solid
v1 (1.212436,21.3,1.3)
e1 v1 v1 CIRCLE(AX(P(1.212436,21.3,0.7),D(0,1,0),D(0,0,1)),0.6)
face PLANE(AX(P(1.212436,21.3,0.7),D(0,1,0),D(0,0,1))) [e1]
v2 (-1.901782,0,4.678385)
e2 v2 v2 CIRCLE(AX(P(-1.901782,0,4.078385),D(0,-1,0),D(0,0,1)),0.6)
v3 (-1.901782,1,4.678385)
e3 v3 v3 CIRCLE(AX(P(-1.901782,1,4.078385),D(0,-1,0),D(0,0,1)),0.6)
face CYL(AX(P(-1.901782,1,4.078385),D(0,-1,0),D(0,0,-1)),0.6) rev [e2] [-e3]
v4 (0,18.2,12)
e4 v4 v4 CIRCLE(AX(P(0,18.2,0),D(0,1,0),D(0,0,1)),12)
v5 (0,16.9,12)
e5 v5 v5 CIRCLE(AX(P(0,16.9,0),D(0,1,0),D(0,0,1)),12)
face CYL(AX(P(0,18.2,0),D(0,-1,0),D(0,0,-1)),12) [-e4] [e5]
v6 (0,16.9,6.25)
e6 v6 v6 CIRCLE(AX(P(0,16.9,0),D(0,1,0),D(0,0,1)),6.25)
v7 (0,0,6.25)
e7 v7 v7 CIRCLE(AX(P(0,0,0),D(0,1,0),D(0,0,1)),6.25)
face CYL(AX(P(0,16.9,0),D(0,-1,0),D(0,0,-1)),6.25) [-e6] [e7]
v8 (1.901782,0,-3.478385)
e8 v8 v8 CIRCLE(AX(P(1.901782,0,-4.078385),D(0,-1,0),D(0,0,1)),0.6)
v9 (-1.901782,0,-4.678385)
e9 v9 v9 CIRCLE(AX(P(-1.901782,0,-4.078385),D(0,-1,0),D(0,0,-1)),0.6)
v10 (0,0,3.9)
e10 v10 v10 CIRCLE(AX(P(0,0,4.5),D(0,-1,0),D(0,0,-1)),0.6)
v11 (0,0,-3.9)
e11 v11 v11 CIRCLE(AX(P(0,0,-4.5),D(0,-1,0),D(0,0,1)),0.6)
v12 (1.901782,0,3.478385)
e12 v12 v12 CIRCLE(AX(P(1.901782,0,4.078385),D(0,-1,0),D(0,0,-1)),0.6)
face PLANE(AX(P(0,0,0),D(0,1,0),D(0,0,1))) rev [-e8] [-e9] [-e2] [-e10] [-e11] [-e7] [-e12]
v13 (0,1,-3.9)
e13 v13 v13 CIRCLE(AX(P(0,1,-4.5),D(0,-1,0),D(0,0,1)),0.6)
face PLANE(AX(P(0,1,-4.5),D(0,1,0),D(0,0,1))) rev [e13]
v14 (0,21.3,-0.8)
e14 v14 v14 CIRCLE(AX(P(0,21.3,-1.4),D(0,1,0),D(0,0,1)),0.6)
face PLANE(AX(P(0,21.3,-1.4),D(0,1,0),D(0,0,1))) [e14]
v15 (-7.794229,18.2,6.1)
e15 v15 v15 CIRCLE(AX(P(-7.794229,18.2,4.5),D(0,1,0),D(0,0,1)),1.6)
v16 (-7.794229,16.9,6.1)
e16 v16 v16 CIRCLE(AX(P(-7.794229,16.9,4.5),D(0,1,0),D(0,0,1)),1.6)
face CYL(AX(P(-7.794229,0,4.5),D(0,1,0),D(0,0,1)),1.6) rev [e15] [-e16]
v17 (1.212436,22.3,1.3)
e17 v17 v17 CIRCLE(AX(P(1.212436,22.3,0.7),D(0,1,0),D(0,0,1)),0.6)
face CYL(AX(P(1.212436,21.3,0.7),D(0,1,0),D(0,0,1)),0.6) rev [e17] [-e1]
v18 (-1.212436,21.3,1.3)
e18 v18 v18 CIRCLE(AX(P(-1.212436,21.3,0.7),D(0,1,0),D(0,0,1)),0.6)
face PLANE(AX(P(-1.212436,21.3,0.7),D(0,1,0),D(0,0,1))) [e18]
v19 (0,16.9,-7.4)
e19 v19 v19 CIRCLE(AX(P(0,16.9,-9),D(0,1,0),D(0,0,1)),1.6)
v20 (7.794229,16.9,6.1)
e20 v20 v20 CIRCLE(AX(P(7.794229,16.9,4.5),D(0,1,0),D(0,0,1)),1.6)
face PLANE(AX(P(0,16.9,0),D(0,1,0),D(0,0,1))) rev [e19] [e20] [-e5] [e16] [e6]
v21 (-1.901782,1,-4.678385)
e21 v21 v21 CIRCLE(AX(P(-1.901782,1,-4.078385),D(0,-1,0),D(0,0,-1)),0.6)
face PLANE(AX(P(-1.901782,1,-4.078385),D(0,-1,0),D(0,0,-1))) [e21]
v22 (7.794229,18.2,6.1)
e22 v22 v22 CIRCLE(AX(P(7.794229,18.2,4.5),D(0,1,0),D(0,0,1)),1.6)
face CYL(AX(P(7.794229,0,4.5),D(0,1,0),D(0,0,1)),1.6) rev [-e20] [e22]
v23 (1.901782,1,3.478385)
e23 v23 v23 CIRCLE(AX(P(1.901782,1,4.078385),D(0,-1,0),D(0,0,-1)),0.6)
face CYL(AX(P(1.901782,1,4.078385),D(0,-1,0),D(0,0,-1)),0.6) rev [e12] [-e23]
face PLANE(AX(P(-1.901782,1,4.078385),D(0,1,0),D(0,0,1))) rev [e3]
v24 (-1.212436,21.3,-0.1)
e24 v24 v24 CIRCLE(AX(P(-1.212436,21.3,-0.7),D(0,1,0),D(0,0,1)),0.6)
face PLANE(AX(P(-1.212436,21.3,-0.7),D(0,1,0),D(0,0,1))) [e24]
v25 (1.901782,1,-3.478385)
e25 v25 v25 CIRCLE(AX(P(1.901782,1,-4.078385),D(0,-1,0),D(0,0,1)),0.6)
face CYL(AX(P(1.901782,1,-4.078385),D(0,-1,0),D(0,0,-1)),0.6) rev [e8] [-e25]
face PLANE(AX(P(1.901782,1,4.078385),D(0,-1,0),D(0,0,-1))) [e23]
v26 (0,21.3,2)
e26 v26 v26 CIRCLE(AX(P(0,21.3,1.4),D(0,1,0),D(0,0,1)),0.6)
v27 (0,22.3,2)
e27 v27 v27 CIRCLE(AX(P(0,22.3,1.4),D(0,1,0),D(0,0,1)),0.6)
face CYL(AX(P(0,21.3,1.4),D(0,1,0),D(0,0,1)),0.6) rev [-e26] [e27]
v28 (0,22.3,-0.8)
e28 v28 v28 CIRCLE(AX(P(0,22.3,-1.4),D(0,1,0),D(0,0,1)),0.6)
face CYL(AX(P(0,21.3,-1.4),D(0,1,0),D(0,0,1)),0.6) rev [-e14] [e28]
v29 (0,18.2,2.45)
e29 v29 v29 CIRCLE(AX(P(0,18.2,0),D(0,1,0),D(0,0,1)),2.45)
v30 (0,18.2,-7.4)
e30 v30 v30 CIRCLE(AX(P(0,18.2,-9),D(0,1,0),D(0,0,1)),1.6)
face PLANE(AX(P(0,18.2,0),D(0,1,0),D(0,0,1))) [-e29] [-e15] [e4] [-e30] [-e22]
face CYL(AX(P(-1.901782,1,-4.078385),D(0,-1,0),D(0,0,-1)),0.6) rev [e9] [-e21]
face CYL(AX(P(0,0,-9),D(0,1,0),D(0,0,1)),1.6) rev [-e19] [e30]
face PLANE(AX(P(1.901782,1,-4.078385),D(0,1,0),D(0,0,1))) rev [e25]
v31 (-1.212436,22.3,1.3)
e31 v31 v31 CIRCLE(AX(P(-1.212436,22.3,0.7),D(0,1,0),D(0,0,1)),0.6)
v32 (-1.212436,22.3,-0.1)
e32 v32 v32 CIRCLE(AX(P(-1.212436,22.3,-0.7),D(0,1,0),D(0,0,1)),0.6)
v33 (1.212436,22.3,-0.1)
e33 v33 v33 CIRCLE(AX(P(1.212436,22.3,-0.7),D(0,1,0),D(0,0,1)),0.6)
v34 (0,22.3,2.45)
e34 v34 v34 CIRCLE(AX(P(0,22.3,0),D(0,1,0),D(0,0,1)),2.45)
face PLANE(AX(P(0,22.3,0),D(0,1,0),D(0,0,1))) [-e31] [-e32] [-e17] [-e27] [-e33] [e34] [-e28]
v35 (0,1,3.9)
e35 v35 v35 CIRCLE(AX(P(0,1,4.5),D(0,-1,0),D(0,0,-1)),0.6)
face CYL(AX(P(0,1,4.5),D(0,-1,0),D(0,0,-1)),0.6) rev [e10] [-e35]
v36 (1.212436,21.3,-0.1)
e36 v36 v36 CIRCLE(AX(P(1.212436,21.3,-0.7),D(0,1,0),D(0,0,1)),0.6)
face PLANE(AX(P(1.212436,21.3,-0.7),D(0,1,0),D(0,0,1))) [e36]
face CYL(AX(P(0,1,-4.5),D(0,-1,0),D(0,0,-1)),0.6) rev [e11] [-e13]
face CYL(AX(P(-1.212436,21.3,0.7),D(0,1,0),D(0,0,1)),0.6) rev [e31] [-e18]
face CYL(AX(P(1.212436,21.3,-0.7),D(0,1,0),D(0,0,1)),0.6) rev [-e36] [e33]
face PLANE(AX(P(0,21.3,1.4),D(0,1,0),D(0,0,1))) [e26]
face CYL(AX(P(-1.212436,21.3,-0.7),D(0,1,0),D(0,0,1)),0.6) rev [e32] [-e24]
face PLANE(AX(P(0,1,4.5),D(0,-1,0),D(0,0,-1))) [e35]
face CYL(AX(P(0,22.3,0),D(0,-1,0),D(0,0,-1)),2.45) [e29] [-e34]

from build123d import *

# Parameters (mm, degrees)
ESBO_O1_R                = 6.25
RESSALTO_EXTRUS_O1_DEPTH = 16.9
ESBO_O2_R                = 12
RESSALTO_EXTRUS_O2_DEPTH = 1.3
ESBO_O3_R                = 1.6
CORTE_EXTRUS_O1_DEPTH    = 25.884533349
ESBO_O4_R                = 2.45
RESSALTO_EXTRUS_O3_DEPTH = 4.1
ESBO_O5_R                = 0.6
CORTE_EXTRUS_O2_DEPTH    = 1
ESBO_O7_R                = 0.6
CORTE_EXTRUS_O3_DEPTH    = 1


with BuildPart() as part:
    # Esboço1 → Ressalto-extrusão1 (new body)
    with BuildSketch(Plane(origin=(0, 0, 0), x_dir=(1, 0, 0), z_dir=(0, 1, 0))):
        with Locations(Location((0, 0, 0), (0, 0, 270))):
            Circle(ESBO_O1_R)
    extrude(amount=RESSALTO_EXTRUS_O1_DEPTH)

    # Esboço2 → Ressalto-extrusão2 (add)
    with BuildSketch(Plane(origin=(0, 16.9, 0), x_dir=(1, 0, 0), z_dir=(0, 1, 0))):
        with Locations(Location((0, 0, 0), (0, 0, 270))):
            Circle(ESBO_O2_R)
    extrude(amount=RESSALTO_EXTRUS_O2_DEPTH)

    # Esboço3 → Corte-extrusão1 (cut, through all)
    with BuildSketch(Plane(origin=(0, 18.2, 0), x_dir=(1, 0, 0), z_dir=(0, 1, 0))):
        with Locations(Location((0, 9, 0), (0, 0, 270))):
            Circle(ESBO_O3_R)
        with Locations(Location((7.794228634, -4.5, 0), (0, 0, 270))):
            Circle(ESBO_O3_R)
        with Locations(Location((-7.794228634, -4.5, 0), (0, 0, 270))):
            Circle(ESBO_O3_R)
    extrude(amount=-CORTE_EXTRUS_O1_DEPTH, mode=Mode.SUBTRACT)

    # Esboço4 → Ressalto-extrusão3 (add)
    with BuildSketch(Plane(origin=(0, 18.2, 0), x_dir=(1, 0, 0), z_dir=(0, 1, 0))):
        with Locations(Location((0, 0, 0), (0, 0, 270))):
            Circle(ESBO_O4_R)
    extrude(amount=RESSALTO_EXTRUS_O3_DEPTH)

    # Esboço5 → Corte-extrusão2 (cut)
    with BuildSketch(Plane(origin=(0, 22.3, 0), x_dir=(1, 0, 0), z_dir=(0, 1, 0))):
        with Locations(Location((0, 1.4, 0), (0, 0, 270))):
            Circle(ESBO_O5_R)
        with Locations(Location((1.212435565, 0.7, 0), (0, 0, 270))):
            Circle(ESBO_O5_R)
        with Locations(Location((1.212435565, -0.7, 0), (0, 0, 270))):
            Circle(ESBO_O5_R)
        with Locations(Location((0, -1.4, 0), (0, 0, 270))):
            Circle(ESBO_O5_R)
        with Locations(Location((-1.212435565, -0.7, 0), (0, 0, 270))):
            Circle(ESBO_O5_R)
        with Locations(Location((-1.212435565, 0.7, 0), (0, 0, 270))):
            Circle(ESBO_O5_R)
    extrude(amount=-CORTE_EXTRUS_O2_DEPTH, mode=Mode.SUBTRACT)

    # Esboço7 → Corte-extrusão3 (cut)
    with BuildSketch(Plane.XZ):
        with Locations(Location((0, 4.5, 0), (0, 0, 270))):
            Circle(ESBO_O7_R)
        with Locations(Location((1.901782178, 4.078385042, 0), (0, 0, 270))):
            Circle(ESBO_O7_R)
        with Locations(Location((-1.901782178, 4.078385042, 0), (0, 0, 90))):
            Circle(ESBO_O7_R)
        with Locations(Location((-1.901782178, -4.078385042, 0), (0, 0, 270))):
            Circle(ESBO_O7_R)
        with Locations(Location((1.901782178, -4.078385042, 0), (0, 0, 90))):
            Circle(ESBO_O7_R)
        with Locations(Location((0, -4.5, 0), (0, 0, 90))):
            Circle(ESBO_O7_R)
    extrude(amount=-CORTE_EXTRUS_O3_DEPTH, mode=Mode.SUBTRACT)


solid = part.part
